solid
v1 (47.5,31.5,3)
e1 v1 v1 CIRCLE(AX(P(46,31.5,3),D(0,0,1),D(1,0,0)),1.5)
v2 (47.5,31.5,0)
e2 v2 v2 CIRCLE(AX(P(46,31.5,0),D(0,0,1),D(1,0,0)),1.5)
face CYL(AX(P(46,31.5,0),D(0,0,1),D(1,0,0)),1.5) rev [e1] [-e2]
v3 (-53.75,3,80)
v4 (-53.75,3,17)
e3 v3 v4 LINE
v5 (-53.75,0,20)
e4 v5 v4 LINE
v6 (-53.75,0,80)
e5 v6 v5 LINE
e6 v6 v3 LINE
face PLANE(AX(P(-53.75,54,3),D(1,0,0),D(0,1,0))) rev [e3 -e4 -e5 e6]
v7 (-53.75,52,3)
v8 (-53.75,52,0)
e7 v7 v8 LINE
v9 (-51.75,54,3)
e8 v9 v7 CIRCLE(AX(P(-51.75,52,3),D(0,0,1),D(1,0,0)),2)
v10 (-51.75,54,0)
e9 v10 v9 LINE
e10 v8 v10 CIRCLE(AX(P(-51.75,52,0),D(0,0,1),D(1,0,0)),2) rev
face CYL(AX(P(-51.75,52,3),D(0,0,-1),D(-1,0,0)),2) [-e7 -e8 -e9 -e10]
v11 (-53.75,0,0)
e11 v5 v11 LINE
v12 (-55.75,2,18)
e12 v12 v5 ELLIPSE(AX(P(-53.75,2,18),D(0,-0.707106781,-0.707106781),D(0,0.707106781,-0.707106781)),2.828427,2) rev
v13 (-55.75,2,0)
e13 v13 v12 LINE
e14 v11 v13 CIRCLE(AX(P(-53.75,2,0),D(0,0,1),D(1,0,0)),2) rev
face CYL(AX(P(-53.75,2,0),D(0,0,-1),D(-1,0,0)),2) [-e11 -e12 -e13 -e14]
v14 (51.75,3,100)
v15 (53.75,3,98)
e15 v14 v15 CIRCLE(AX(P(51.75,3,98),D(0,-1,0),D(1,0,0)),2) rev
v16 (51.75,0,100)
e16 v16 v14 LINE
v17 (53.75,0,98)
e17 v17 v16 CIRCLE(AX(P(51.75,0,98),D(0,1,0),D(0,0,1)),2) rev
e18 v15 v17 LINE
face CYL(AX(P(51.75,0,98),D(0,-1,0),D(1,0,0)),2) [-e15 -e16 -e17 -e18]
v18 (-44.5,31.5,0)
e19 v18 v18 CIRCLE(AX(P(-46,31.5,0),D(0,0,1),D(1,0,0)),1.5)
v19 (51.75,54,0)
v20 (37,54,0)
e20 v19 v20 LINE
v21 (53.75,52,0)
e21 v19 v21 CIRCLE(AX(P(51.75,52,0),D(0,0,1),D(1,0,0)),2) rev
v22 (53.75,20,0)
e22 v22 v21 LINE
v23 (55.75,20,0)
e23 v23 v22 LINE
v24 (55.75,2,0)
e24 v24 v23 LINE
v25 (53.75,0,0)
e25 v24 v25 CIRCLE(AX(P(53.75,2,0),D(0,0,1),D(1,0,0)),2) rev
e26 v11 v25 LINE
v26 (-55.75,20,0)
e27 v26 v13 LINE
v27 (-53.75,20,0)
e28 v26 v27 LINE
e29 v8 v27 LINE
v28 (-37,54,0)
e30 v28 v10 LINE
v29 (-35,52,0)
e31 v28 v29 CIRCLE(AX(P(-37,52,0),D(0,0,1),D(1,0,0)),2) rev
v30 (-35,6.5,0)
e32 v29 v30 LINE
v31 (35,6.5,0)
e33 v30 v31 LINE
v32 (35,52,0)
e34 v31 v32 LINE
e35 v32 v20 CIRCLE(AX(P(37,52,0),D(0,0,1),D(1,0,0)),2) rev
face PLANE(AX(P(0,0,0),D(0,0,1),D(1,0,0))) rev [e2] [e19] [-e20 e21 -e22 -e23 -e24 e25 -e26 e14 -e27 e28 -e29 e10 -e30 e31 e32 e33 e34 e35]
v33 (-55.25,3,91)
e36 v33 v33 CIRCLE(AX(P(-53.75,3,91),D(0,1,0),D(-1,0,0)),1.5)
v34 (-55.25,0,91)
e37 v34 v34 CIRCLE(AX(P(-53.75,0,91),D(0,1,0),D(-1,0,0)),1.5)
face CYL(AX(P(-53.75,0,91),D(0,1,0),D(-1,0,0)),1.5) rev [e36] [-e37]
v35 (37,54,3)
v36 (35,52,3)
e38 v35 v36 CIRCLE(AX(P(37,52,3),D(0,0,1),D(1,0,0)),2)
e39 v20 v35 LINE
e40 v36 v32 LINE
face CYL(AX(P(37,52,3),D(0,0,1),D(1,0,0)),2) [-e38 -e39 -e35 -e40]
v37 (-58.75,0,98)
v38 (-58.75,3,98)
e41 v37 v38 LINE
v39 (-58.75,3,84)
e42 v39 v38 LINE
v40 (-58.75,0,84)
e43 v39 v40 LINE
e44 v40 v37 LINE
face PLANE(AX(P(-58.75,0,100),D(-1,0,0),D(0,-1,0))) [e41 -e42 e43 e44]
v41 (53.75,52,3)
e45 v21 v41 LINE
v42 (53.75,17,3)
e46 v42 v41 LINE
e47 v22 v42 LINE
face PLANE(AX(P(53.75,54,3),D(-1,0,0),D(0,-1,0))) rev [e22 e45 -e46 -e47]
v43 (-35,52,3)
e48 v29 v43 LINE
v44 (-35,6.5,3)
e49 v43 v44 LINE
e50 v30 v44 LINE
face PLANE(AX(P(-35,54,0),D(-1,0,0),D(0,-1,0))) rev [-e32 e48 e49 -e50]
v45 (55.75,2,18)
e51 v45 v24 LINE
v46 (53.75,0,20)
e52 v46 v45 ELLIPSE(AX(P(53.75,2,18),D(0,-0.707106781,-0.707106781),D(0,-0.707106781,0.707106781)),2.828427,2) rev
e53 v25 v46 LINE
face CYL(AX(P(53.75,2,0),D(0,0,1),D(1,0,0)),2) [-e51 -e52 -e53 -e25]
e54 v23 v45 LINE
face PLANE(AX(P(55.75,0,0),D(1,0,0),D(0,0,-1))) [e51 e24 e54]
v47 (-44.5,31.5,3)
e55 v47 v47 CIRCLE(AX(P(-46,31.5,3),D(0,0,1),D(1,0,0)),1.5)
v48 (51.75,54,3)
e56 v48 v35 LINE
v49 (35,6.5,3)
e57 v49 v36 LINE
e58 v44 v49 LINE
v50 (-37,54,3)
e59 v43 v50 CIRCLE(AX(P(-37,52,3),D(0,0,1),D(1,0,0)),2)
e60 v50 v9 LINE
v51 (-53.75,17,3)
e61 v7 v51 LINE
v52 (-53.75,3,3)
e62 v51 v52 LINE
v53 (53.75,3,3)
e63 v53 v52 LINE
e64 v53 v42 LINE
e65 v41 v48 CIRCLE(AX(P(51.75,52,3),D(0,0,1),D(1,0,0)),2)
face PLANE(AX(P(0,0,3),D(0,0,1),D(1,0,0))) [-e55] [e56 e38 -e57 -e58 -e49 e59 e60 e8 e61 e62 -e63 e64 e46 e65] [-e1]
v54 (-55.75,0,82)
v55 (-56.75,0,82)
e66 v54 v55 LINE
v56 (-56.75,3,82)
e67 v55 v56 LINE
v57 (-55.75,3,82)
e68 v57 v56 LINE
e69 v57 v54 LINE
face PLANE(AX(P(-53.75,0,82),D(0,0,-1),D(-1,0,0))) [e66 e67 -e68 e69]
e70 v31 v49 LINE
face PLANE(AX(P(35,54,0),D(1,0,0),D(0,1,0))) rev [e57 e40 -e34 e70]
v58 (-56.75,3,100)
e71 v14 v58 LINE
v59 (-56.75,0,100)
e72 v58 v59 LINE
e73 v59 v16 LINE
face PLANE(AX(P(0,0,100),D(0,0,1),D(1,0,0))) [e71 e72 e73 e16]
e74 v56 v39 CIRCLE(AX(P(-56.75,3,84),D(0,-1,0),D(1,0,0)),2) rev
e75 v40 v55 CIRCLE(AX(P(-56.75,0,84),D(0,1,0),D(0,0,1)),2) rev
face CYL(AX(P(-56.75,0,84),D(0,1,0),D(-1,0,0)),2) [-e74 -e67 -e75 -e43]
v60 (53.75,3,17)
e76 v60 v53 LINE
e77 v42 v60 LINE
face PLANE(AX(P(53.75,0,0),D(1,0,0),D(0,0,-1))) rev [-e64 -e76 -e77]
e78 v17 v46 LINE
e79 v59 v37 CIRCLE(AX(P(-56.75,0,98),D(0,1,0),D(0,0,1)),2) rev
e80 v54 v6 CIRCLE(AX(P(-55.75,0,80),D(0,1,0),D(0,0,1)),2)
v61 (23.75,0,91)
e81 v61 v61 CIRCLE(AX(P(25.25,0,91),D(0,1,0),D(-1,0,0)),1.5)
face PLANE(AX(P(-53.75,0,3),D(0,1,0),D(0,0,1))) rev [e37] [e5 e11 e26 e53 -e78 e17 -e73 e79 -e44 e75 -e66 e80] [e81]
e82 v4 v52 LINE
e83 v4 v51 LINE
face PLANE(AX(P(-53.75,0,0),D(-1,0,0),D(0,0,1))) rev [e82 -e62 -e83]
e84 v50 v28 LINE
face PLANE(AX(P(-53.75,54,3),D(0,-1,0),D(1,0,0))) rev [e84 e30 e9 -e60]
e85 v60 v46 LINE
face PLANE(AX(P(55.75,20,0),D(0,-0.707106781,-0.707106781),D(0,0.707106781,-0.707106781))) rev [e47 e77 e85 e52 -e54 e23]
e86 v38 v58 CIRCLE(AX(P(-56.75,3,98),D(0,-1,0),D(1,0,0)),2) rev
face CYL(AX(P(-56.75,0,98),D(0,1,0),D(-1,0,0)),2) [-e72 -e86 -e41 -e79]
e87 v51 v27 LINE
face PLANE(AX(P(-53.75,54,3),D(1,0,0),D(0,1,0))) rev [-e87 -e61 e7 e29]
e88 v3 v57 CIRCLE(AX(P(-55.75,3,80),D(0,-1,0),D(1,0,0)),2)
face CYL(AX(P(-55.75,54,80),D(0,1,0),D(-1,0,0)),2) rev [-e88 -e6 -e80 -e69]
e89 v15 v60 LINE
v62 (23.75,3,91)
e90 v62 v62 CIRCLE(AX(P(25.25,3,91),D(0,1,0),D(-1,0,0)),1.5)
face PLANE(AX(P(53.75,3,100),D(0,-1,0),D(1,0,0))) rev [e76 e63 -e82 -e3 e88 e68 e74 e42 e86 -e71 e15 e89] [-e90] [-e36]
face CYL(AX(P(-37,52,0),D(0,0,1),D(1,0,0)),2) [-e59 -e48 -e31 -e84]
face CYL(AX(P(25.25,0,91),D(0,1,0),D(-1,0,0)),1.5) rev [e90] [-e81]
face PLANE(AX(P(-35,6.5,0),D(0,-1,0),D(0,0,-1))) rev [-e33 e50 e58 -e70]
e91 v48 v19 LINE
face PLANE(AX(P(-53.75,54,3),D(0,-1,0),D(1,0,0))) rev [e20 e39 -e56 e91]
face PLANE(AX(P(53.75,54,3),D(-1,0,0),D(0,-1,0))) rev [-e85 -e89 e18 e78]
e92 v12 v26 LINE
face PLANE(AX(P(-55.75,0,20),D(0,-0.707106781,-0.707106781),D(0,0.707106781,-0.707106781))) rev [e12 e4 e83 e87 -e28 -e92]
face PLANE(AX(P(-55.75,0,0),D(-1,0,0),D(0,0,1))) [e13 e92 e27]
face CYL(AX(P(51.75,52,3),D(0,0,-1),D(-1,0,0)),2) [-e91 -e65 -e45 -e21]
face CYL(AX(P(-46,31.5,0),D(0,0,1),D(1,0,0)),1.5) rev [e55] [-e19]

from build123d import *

# Parameters (mm, degrees)
SKETCH_1_W          = 107.5
SKETCH_1_H          = 54
EXTRUDE_1_DEPTH     = 3
SKETCH_2_W          = 107.5
SKETCH_2_H          = 3
EXTRUDE_2_DEPTH     = 97
SKETCH_4_W          = 5
SKETCH_4_H          = 18
EXTRUDE_3_DEPTH     = 3
SKETCH_5_R          = 1.5
CUT_EXTRUDE_1_DEPTH = 3
SKETCH_6_W          = 70
SKETCH_6_H          = 47.5
CUT_EXTRUDE_2_DEPTH = 3
SKETCH_7_R          = 1.5
CUT_EXTRUDE_3_DEPTH = 3
EXTRUDE_4_DEPTH     = 2
EXTRUDE_5_DEPTH     = 2
FILLET_1_R          = 2
FILLET_2_R          = 2


with BuildPart() as part:
    # 草图1 → 凸台-拉伸1 (new body)
    with BuildSketch(Plane.XY):
        with Locations((0, 27)):
            Rectangle(SKETCH_1_W, SKETCH_1_H)
    extrude(amount=EXTRUDE_1_DEPTH)

    # 草图2 → 凸台-拉伸2 (add)
    with BuildSketch(Plane.XY.offset(3)):
        with Locations((0, 1.5)):
            Rectangle(SKETCH_2_W, SKETCH_2_H)
    extrude(amount=EXTRUDE_2_DEPTH)

    # 草图4 → 凸台-拉伸3 (add)
    with BuildSketch(Plane(origin=(0, 3, 0), x_dir=(1, 0, 0), z_dir=(0, 1, 0))):
        with Locations((-56.25, -91)):
            Rectangle(SKETCH_4_W, SKETCH_4_H)
    extrude(amount=-EXTRUDE_3_DEPTH)

    # 草图5 → 切除-拉伸1 (cut)
    with BuildSketch(Plane(origin=(0, 3, 0), x_dir=(1, 0, 0), z_dir=(0, 1, 0))):
        with Locations(Location((-53.75, -91, 0), (0, 0, 180))):
            Circle(SKETCH_5_R)
        with Locations(Location((25.25, -91, 0), (0, 0, 180))):
            Circle(SKETCH_5_R)
    extrude(amount=-CUT_EXTRUDE_1_DEPTH, mode=Mode.SUBTRACT)

    # 草图6 → 切除-拉伸2 (cut)
    with BuildSketch(Plane.XY.offset(3)):
        with Locations((0, 30.25)):
            Rectangle(SKETCH_6_W, SKETCH_6_H)
    extrude(amount=-CUT_EXTRUDE_2_DEPTH, mode=Mode.SUBTRACT)

    # 草图7 → 切除-拉伸3 (cut)
    with BuildSketch(Plane.XY.offset(3)):
        with Locations((46, 31.5)):
            Circle(SKETCH_7_R)
        with Locations((-46, 31.5)):
            Circle(SKETCH_7_R)
    extrude(amount=-CUT_EXTRUDE_3_DEPTH, mode=Mode.SUBTRACT)

    # 草图8 → 凸台-拉伸4 (add)
    with BuildSketch(Plane.ZY.offset(53.75)):
        Polygon((0, 0), (20, 0), (0, 20), align=None)
    extrude(amount=EXTRUDE_4_DEPTH)

    # 草图9 → 凸台-拉伸5 (add)
    with BuildSketch(Plane(origin=(53.75, 0, 0), x_dir=(0, 0, -1), z_dir=(1, 0, 0))):
        Polygon((0, 0), (0, 20), (-20, 0), align=None)
    extrude(amount=EXTRUDE_5_DEPTH)

    # 圆角1
    fillet_1_edges = [part.edges().sort_by_distance(p)[0] for p in [
        (-55.75, 0, 10),
        (55.75, 0, 10),
        (53.75, 54, 1.5),
        (35, 54, 1.5),
        (-35, 54, 1.5),
        (-53.75, 54, 1.5),
    ]]
    fillet(fillet_1_edges, radius=FILLET_1_R)

    # 圆角2
    fillet_2_edges = [part.edges().sort_by_distance(p)[0] for p in [
        (53.75, 1.5, 100),
        (-53.75, 1.5, 82),
        (-58.75, 1.5, 100),
        (-58.75, 1.5, 82),
    ]]
    fillet(fillet_2_edges, radius=FILLET_2_R)


solid = part.part
